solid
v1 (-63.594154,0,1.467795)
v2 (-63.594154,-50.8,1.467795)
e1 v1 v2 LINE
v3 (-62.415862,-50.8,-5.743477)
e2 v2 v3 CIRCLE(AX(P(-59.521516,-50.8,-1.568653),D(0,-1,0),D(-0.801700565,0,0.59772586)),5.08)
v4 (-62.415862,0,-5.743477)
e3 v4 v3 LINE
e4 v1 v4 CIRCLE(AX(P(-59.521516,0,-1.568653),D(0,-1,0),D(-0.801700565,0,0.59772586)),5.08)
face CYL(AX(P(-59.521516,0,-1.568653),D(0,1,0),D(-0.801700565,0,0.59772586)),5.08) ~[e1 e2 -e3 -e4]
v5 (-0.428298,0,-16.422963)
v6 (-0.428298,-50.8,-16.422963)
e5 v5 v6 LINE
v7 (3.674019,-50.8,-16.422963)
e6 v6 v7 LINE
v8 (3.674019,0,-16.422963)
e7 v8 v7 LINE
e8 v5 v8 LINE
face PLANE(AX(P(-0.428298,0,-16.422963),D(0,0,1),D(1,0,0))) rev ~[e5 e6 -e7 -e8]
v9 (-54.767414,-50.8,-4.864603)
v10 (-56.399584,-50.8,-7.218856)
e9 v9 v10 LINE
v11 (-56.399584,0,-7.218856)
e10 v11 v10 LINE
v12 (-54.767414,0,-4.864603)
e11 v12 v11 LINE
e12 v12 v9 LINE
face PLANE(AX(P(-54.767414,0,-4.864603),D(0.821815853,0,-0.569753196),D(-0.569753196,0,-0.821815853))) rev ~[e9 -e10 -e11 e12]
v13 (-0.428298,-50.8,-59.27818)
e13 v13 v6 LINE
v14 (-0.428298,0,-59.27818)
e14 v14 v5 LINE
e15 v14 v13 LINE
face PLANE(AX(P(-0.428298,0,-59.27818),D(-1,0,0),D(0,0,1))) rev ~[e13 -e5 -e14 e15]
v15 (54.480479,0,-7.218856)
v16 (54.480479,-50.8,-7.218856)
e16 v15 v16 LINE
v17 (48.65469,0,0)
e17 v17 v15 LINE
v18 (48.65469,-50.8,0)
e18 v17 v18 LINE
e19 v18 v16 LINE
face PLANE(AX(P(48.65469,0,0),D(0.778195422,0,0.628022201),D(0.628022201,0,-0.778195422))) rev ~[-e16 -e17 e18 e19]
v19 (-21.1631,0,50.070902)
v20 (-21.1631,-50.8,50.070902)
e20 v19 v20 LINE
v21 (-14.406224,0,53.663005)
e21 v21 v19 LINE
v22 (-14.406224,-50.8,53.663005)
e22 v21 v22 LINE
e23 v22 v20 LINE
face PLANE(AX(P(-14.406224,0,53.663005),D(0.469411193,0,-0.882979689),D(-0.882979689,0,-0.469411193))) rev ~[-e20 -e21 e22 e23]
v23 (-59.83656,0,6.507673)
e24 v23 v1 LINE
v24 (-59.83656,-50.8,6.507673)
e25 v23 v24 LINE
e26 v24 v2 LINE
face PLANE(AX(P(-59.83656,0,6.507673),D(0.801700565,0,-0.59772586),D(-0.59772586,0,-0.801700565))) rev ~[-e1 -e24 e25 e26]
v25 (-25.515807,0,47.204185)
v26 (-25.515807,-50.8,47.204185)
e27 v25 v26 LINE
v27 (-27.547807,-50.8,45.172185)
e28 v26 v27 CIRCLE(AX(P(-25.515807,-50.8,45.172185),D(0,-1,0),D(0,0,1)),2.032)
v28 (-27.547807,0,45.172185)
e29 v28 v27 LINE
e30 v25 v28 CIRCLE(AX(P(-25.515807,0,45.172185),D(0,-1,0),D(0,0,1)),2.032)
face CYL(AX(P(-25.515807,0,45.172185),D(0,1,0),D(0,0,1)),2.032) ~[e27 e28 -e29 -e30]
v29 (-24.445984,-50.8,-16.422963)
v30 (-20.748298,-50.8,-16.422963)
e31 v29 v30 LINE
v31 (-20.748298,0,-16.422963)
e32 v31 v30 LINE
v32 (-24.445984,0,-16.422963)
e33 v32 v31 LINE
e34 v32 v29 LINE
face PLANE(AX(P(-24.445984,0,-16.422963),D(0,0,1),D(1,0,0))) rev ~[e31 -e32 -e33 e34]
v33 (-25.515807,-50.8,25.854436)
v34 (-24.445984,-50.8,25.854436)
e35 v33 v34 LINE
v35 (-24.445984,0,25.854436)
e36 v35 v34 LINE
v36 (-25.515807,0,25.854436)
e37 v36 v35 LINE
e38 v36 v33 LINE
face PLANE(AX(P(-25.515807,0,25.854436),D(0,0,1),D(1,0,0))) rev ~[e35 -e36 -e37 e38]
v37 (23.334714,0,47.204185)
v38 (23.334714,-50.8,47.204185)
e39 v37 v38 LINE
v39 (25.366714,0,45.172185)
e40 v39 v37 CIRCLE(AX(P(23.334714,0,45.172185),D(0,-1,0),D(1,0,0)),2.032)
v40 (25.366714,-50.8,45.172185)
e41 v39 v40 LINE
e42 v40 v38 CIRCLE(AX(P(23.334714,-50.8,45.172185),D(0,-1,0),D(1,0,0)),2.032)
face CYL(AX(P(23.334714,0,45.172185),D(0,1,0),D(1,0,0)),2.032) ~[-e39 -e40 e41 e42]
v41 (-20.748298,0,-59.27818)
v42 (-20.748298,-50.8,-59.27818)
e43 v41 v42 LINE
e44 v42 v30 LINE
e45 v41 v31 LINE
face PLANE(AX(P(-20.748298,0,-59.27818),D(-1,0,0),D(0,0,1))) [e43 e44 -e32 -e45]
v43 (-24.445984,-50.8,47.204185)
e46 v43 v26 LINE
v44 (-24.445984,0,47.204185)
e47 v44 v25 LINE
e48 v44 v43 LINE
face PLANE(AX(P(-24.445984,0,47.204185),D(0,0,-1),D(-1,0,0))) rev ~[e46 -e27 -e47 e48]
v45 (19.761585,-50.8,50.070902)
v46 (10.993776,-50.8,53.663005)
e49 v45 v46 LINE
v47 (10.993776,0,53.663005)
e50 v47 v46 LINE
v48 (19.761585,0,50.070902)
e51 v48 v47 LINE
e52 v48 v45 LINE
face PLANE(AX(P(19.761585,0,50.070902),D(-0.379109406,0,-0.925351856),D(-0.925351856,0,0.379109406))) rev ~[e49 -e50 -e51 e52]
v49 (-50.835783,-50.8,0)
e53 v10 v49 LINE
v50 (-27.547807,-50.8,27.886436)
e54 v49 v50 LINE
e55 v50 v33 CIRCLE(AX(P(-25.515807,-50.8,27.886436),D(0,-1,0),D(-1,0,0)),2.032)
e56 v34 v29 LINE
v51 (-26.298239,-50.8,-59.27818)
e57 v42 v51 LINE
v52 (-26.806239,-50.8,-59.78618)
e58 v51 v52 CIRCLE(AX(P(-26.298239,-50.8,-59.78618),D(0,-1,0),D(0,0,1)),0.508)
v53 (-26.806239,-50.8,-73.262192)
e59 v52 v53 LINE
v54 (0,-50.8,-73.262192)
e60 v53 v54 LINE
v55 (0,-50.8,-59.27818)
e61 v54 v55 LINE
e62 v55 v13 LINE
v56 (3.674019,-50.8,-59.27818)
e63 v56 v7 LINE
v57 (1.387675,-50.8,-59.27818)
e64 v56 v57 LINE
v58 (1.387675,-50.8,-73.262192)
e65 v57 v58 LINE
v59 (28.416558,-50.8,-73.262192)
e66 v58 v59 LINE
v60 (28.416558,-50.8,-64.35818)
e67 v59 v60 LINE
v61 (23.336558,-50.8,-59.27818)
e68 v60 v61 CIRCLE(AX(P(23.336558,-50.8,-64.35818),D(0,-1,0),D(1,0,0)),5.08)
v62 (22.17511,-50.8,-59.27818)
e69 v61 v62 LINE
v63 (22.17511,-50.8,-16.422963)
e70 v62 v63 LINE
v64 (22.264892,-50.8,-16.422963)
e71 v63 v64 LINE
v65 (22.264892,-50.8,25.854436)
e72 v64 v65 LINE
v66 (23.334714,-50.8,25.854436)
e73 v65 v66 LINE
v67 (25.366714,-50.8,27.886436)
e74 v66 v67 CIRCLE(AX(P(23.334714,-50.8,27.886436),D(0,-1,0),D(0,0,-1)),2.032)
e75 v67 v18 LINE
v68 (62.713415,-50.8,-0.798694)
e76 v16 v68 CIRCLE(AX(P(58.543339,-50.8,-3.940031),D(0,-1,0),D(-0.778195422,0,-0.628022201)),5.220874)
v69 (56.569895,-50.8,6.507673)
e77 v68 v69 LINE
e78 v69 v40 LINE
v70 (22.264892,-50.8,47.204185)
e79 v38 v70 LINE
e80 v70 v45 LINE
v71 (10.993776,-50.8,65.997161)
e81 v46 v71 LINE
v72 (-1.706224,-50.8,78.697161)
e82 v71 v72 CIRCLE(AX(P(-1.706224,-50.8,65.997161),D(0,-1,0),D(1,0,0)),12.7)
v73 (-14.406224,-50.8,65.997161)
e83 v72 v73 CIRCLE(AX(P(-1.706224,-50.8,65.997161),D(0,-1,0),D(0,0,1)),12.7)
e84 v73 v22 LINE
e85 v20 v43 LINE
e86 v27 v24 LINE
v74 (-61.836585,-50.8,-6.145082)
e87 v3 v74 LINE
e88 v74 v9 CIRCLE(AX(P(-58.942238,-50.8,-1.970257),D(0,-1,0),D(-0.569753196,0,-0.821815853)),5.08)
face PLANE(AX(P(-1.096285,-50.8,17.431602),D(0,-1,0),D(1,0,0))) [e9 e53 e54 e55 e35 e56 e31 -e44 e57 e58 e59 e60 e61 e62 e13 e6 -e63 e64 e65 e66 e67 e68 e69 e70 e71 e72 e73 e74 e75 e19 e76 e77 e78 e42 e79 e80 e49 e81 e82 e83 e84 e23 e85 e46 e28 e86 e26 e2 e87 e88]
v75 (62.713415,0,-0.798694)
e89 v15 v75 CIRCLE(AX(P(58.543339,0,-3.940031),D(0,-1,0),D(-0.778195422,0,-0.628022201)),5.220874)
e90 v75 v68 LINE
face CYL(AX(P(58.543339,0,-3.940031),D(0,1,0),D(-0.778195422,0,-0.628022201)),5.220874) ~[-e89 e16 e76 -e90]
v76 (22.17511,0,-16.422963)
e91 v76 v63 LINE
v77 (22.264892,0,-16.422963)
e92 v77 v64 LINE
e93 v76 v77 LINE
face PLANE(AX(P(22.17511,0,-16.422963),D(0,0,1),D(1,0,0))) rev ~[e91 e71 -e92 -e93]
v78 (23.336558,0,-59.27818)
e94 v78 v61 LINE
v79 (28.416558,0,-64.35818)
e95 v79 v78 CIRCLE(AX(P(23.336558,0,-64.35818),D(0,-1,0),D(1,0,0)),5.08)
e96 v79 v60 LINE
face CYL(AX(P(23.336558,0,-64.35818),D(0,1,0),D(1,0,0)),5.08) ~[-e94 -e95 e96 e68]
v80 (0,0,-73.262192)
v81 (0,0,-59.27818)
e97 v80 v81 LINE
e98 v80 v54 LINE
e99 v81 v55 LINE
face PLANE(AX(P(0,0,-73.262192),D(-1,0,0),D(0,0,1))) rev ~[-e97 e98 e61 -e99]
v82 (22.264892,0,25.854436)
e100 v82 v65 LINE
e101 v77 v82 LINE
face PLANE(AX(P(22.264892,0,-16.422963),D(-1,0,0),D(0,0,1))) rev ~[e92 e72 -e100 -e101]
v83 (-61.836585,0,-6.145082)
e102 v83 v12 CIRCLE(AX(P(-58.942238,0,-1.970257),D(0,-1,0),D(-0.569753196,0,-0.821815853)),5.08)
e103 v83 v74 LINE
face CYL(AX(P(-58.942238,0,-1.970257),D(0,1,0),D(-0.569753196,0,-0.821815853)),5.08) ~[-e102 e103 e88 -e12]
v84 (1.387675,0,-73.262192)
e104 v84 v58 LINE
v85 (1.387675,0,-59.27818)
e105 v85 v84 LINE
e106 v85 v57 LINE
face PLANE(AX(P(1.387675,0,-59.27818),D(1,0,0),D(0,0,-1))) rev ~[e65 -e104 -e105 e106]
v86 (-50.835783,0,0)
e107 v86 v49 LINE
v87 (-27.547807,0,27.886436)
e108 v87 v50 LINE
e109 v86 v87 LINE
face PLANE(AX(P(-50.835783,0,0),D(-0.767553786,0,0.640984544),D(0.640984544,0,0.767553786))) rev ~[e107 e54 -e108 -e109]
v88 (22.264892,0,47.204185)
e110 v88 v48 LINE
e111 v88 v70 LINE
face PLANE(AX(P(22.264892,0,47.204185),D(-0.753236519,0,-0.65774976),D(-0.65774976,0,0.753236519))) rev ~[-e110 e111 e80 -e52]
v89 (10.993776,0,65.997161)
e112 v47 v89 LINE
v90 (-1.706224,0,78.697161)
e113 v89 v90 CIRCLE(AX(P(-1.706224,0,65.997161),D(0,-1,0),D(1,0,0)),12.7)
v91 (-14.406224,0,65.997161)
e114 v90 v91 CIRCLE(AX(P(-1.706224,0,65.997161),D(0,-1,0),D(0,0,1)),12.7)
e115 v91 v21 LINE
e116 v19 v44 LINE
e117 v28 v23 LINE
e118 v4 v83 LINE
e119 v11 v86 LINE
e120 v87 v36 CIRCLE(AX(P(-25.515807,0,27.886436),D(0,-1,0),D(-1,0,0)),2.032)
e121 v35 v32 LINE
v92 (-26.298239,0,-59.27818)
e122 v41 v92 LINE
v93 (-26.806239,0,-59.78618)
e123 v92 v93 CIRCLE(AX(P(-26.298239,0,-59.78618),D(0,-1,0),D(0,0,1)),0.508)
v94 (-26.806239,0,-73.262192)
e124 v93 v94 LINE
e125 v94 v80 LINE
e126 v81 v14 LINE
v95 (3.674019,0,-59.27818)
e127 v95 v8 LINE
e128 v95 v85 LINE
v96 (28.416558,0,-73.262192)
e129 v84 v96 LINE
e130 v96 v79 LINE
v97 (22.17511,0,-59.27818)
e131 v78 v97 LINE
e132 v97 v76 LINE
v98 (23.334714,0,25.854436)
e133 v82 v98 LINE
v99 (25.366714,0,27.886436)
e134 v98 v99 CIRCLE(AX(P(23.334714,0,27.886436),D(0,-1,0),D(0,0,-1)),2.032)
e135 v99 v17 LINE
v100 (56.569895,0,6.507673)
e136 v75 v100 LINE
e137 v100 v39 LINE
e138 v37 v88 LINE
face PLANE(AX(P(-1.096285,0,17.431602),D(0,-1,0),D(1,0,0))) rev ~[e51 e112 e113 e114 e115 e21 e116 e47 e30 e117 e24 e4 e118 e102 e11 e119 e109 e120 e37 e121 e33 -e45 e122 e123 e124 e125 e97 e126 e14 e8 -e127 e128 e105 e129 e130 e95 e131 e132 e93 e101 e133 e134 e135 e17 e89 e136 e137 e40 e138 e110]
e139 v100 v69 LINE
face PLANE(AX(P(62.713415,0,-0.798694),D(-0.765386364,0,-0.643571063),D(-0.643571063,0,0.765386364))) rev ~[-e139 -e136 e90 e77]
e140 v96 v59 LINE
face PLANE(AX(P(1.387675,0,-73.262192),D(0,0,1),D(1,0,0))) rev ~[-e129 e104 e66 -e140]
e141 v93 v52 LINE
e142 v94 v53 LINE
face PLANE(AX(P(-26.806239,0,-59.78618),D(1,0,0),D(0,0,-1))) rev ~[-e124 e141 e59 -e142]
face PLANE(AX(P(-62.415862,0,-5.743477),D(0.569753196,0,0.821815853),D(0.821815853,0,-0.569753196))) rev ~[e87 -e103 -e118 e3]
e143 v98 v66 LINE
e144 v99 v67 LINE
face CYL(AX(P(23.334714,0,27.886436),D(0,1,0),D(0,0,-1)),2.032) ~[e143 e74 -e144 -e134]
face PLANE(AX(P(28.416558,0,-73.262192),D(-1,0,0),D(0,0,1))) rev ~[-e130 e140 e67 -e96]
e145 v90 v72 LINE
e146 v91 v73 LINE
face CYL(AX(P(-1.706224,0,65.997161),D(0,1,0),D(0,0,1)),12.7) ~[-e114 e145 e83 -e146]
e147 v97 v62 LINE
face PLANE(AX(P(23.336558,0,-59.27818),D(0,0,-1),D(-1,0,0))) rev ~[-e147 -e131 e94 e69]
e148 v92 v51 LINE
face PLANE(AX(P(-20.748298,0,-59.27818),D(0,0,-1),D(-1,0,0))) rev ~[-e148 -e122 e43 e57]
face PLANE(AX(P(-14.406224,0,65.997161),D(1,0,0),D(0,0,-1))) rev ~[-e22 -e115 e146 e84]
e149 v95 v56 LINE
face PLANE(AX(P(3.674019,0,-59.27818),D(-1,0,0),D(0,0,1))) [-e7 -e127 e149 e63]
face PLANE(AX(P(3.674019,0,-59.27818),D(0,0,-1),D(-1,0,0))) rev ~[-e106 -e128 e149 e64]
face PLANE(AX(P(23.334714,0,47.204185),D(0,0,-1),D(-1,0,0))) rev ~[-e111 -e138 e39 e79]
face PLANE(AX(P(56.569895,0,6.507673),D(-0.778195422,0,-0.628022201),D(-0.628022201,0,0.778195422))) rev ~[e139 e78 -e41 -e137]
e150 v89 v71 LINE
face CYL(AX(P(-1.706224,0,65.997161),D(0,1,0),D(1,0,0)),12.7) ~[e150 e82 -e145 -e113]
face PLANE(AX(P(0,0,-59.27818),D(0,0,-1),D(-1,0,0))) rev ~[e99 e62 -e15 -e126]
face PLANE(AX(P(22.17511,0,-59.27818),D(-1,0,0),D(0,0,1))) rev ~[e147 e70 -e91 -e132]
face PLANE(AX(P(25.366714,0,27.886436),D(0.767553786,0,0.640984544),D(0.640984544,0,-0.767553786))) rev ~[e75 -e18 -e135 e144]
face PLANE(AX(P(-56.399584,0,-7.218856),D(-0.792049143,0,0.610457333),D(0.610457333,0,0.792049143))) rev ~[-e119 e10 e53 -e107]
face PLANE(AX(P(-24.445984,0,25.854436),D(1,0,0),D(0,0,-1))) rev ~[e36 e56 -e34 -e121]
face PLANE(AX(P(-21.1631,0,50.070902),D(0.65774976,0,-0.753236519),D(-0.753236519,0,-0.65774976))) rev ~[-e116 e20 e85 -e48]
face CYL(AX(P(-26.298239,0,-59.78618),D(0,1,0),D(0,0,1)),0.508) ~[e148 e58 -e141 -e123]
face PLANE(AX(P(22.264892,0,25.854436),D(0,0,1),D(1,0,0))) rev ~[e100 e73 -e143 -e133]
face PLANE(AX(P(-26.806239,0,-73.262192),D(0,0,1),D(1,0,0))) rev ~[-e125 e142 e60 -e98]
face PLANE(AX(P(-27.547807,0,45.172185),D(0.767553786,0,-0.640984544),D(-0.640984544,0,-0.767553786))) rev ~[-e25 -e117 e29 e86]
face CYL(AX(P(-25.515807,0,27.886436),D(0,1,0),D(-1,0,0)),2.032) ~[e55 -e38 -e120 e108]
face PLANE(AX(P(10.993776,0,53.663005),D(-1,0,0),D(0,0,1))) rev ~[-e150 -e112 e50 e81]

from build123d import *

# Parameters (mm, degrees)
F0_W     = 20.32
F0_H     = 42.8552175019
F0_W_2   = 18.5010901187
F1_DEPTH = 50.8


with BuildPart() as f1:
    # F0 (on Front) → F1 (new body)
    with BuildSketch(Plane.XZ):
        with BuildLine():
            Line((19.7615846992, 50.0709023562), (10.9937762186, 53.6630048046))
            ThreePointArc((10.9937762186, 53.6630048046), (9.505878667, 50.0709023562), (5.9137762186, 48.5830048046))
            Line((5.9137762186, 48.5830048046), (-1.7062237814, 48.5830048046))
            Line((-1.7062237814, 48.5830048046), (-9.3262237814, 48.5830048046))
            ThreePointArc((-9.3262237814, 48.5830048046), (-12.9183262298, 50.0709023562), (-14.4062237814, 53.6630048046))
            Line((-14.4062237814, 53.6630048046), (-21.1631003767, 50.0709023562))
            Line((-21.1631003767, 50.0709023562), (-24.4459839703, 47.2041854043))
            Line((-24.4459839703, 47.2041854043), (-24.4459839703, 25.8544358869))
            Line((-24.4459839703, 25.8544358869), (-24.4459839703, -16.4229627699))
            Line((-24.4459839703, -16.4229627699), (-20.7482980642, -16.4229627699))
            Line((-20.7482980642, -16.4229627699), (-0.4282980642, -16.4229627699))
            Line((-0.4282980642, -16.4229627699), (3.6740194462, -16.4229627699))
            Line((3.6740194462, -16.4229627699), (22.1751095649, -16.4229627699))
            Line((22.1751095649, -16.4229627699), (22.2648918826, -16.4229627699))
            Line((22.2648918826, -16.4229627699), (22.2648918826, 25.8544358869))
            Line((22.2648918826, 25.8544358869), (22.2648918826, 47.2041854043))
            Line((22.2648918826, 47.2041854043), (19.7615846992, 50.0709023562))
        make_face()
        with BuildLine():
            Line((23.3347140718, 47.2041854043), (22.2648918826, 47.2041854043))
            Line((22.2648918826, 47.2041854043), (22.2648918826, 25.8544358869))
            Line((22.2648918826, 25.8544358869), (23.3347140718, 25.8544358869))
            ThreePointArc((23.3347140718, 25.8544358869), (24.7715550512, 26.4495949076), (25.3667140718, 27.8864358869))
            Line((25.3667140718, 27.8864358869), (25.3667140718, 45.1721854043))
            ThreePointArc((25.3667140718, 45.1721854043), (24.7715550512, 46.6090263836), (23.3347140718, 47.2041854043))
        make_face()
        Polygon((56.5698947954, 6.5076726805), (25.3667140718, 45.1721854043), (25.3667140718, 27.8864358869), (48.6546903849, 0), (52.1676763892, 2.9549777973), align=None)
        with BuildLine():
            Line((62.7134148699, -0.7986944953), (56.5698947954, 6.5076726805))
            Line((56.5698947954, 6.5076726805), (52.1676763892, 2.9549777973))
            Line((52.1676763892, 2.9549777973), (48.6546903849, 0))
            Line((48.6546903849, 0), (54.4804789865, -7.2188562926))
            ThreePointArc((54.4804789865, -7.2188562926), (61.7538678556, -8.0570733036), (62.7134148699, -0.7986944953))
        make_face()
        with BuildLine():
            Line((-24.4459839703, 25.8544358869), (-24.4459839703, 47.2041854043))
            Line((-24.4459839703, 47.2041854043), (-25.5158065703, 47.2041854043))
            ThreePointArc((-25.5158065703, 47.2041854043), (-26.9526475496, 46.6090263836), (-27.5478065703, 45.1721854043))
            Line((-27.5478065703, 45.1721854043), (-27.5478065703, 27.8864358869))
            ThreePointArc((-27.5478065703, 27.8864358869), (-26.9526475496, 26.4495949076), (-25.5158065703, 25.8544358869))
            Line((-25.5158065703, 25.8544358869), (-24.4459839703, 25.8544358869))
        make_face()
        Polygon((-27.5478065703, 27.8864358869), (-27.5478065703, 45.1721854043), (-59.8365601521, 6.5076726805), (-50.8357828875, 0), align=None)
        with BuildLine():
            Line((-50.8357828875, 0), (-59.8365601521, 6.5076726805))
            Line((-59.8365601521, 6.5076726805), (-63.5941543789, 1.4677946764))
            ThreePointArc((-63.5941543789, 1.4677946764), (-64.5350303405, -2.3878407212), (-62.4158617427, -5.7434772254))
            Line((-62.4158617427, -5.7434772254), (-61.8365846936, -6.1450817318))
            ThreePointArc((-61.8365846936, -6.1450817318), (-58.0368035716, -6.9689157861), (-54.7674139269, -4.8646034341))
            Line((-54.7674139269, -4.8646034341), (-56.3995838165, -7.2188562926))
            Line((-56.3995838165, -7.2188562926), (-50.8357828875, 0))
        make_face()
        with Locations((-10.5882980642, -37.8505715208)):
            Rectangle(F0_W, F0_H)
        with Locations((12.9245645056, -37.8505715208)):
            Rectangle(F0_W_2, F0_H)
        with BuildLine():
            Line((23.3365580372, -59.2781802717), (22.1751095649, -59.2781802717))
            Line((22.1751095649, -59.2781802717), (3.6740194462, -59.2781802717))
            Line((3.6740194462, -59.2781802717), (1.3876754092, -59.2781802717))
            Line((1.3876754092, -59.2781802717), (1.3876754092, -73.2621923089))
            Line((1.3876754092, -73.2621923089), (28.4165580372, -73.2621923089))
            Line((28.4165580372, -73.2621923089), (28.4165580372, -64.3581802717))
            ThreePointArc((28.4165580372, -64.3581802717), (26.9286604856, -60.7660778233), (23.3365580372, -59.2781802717))
        make_face()
        with BuildLine():
            Line((0, -59.2781802717), (-0.4282980642, -59.2781802717))
            Line((-0.4282980642, -59.2781802717), (-20.7482980642, -59.2781802717))
            Line((-20.7482980642, -59.2781802717), (-26.2982390387, -59.2781802717))
            ThreePointArc((-26.2982390387, -59.2781802717), (-26.6574492835, -59.4269700269), (-26.8062390387, -59.7861802717))
            Line((-26.8062390387, -59.7861802717), (-26.8062390387, -73.2621923089))
            Line((-26.8062390387, -73.2621923089), (0, -73.2621923089))
            Line((0, -73.2621923089), (0, -59.7561709583))
            Line((0, -59.7561709583), (0, -59.2781802717))
        make_face()
        with BuildLine():
            ThreePointArc((5.9137762186, 48.5830048046), (9.505878667, 50.0709023562), (10.9937762186, 53.6630048046))
            Line((10.9937762186, 53.6630048046), (10.9937762186, 55.117353797))
            Line((10.9937762186, 55.117353797), (10.9937762186, 58.5980406803))
            Line((10.9937762186, 58.5980406803), (10.9937762186, 62.3222826543))
            Line((10.9937762186, 62.3222826543), (10.9937762186, 65.9971610492))
            ThreePointArc((10.9937762186, 65.9971610492), (7.2740323397, 74.9774171703), (-1.7062237814, 78.6971610492))
            ThreePointArc((-1.7062237814, 78.6971610492), (-10.6864799025, 74.9774171703), (-14.4062237814, 65.9971610492))
            Line((-14.4062237814, 65.9971610492), (-14.4062237814, 62.3222826543))
            Line((-14.4062237814, 62.3222826543), (-14.4062237814, 58.5980406803))
            Line((-14.4062237814, 58.5980406803), (-14.4062237814, 55.117353797))
            Line((-14.4062237814, 55.117353797), (-14.4062237814, 53.6630048046))
            ThreePointArc((-14.4062237814, 53.6630048046), (-12.9183262298, 50.0709023562), (-9.3262237814, 48.5830048046))
            Line((-9.3262237814, 48.5830048046), (-1.7062237814, 48.5830048046))
            Line((-1.7062237814, 48.5830048046), (5.9137762186, 48.5830048046))
        make_face()
    extrude(amount=F1_DEPTH)


solid = f1.part
